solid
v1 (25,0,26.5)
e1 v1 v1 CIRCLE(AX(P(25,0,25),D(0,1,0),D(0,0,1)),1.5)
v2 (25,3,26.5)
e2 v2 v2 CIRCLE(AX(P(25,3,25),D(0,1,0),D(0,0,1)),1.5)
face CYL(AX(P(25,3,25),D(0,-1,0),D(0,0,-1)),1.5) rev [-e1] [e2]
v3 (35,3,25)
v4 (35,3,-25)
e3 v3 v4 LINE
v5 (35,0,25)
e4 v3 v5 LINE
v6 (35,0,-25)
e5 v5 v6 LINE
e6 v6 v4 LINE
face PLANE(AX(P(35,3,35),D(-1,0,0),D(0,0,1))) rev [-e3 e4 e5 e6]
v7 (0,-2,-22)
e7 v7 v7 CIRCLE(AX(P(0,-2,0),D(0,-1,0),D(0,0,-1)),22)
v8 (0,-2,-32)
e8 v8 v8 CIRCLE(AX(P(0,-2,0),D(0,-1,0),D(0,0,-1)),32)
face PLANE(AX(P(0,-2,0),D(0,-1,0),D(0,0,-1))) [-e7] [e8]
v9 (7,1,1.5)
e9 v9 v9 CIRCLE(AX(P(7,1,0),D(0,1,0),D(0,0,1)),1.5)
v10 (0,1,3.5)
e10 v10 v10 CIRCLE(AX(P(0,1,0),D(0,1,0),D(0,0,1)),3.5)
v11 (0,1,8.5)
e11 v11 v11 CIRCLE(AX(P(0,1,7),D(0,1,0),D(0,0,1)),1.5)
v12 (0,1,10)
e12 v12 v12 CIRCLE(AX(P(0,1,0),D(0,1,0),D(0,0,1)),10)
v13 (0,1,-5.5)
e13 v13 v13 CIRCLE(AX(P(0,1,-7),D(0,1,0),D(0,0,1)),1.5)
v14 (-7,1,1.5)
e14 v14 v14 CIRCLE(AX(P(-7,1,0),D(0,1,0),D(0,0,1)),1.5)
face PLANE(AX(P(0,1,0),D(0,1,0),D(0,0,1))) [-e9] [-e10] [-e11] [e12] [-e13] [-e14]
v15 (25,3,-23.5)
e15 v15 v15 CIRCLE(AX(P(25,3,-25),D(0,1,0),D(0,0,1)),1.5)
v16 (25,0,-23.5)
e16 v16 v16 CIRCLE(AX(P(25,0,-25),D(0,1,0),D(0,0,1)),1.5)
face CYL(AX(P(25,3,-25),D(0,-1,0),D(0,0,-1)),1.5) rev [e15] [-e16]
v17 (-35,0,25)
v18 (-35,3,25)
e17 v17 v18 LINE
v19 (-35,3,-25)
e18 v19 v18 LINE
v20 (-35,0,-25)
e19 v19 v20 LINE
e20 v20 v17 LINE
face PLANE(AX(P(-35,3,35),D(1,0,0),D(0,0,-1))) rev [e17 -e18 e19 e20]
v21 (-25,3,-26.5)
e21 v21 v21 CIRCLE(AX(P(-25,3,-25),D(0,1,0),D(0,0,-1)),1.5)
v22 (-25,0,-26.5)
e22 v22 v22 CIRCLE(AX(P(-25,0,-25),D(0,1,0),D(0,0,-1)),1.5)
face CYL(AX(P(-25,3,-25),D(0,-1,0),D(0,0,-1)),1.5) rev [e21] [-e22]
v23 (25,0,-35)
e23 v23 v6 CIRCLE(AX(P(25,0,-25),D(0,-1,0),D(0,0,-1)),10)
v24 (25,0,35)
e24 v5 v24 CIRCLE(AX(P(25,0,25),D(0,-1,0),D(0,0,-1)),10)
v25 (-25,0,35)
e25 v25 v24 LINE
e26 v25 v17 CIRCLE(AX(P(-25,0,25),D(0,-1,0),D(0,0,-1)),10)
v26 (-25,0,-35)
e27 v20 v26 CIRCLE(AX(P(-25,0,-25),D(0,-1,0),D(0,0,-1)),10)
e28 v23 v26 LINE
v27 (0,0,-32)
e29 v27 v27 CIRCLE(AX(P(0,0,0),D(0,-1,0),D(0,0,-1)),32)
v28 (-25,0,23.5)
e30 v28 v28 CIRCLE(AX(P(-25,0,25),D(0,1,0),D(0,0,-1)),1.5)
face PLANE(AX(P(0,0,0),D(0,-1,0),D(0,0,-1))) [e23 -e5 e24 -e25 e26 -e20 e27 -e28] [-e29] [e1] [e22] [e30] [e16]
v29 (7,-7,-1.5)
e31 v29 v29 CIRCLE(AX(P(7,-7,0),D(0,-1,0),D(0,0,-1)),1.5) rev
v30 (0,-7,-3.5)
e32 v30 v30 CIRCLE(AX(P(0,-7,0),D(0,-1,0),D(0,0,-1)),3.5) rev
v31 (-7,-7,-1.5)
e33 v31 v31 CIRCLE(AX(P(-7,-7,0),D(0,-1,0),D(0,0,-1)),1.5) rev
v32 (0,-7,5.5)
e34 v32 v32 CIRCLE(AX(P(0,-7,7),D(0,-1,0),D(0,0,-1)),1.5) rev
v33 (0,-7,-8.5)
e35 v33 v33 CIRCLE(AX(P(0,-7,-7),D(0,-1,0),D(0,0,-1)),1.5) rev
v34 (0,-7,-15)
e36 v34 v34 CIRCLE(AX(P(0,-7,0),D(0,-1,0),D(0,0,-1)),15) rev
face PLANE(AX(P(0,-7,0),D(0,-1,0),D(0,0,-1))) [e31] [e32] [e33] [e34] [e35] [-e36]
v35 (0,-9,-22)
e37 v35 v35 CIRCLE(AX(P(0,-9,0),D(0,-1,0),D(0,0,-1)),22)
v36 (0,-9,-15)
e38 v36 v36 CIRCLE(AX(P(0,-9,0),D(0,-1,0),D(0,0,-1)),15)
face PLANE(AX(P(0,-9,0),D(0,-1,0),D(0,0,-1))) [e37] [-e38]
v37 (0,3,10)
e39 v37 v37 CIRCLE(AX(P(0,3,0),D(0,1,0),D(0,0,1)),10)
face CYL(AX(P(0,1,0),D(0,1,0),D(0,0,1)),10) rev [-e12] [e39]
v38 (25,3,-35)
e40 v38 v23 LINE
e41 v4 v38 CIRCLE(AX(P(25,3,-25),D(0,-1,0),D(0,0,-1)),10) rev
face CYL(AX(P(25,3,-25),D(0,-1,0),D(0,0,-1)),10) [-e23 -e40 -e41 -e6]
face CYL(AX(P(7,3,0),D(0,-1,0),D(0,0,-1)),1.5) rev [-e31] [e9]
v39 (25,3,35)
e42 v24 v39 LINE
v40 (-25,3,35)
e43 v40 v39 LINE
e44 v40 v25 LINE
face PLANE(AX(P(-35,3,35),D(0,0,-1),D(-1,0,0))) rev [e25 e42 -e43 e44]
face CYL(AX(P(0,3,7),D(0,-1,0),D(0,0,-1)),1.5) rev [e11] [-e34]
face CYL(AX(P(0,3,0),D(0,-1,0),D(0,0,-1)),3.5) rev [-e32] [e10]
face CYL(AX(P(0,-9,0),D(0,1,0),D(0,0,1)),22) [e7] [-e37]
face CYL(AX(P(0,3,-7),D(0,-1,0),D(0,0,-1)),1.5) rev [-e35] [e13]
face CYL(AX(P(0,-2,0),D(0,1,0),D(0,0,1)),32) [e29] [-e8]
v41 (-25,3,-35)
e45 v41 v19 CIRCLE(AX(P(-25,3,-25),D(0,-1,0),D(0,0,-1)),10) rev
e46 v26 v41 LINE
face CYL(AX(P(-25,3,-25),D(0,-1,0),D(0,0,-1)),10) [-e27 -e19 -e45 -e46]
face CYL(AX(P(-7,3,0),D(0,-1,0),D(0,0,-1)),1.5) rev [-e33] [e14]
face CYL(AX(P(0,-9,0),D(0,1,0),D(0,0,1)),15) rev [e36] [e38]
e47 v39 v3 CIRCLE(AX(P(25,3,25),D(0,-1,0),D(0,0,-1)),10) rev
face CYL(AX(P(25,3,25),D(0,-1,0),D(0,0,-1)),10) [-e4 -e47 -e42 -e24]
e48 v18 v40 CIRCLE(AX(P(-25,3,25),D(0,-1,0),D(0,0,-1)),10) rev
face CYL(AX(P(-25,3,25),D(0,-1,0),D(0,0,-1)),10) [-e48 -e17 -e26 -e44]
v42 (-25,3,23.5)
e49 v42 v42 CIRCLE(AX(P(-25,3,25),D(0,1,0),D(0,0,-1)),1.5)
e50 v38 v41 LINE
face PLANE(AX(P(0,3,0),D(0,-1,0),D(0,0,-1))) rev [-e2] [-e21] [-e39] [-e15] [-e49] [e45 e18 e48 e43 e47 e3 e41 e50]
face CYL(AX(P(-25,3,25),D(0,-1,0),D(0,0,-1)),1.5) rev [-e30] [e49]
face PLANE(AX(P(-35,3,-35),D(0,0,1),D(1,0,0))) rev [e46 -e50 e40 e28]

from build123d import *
from build123d.topology import SkipClean

# Parameters (mm, degrees)
SKETCH_1_R          = 1.5000000000000002
SKETCH_1_R_2        = 1.5000000000000007
SKETCH_1_R_3        = 3.5000000000000036
SKETCH_1_R_4        = 1.5000000000000004
SKETCH_1_R_5        = 1.5000000000000009
EXTRUDE_1_DEPTH     = 3
EXTRUDE_START       = 7
SKETCH_2_R          = 15.00000000000001
SKETCH_2_R_2        = 1.5000000000000002
SKETCH_2_R_3        = 3.5000000000000036
SKETCH_2_R_4        = 1.5000000000000009
SKETCH_2_R_5        = 1.5000000000000007
EXTRUDE_2_DEPTH     = 7
EXTRUDE_START_2     = 9
SKETCH_6_R          = 22
SKETCH_6_R_2        = 15
EXTRUDE_3_DEPTH     = 9
SKETCH_8_R          = 32
SKETCH_8_R_2        = 12.000000000000002
EXTRUDE_5_DEPTH     = 2
FILLET_1_R          = 10
SKETCH_11_R         = 10
CUT_EXTRUDE_1_DEPTH = 2


with BuildPart() as part:
    # 草图1 → 凸台-拉伸1 (new body)
    with BuildSketch(Plane(origin=(0, 0, 0), x_dir=(1, 0, 0), z_dir=(0, 1, 0))):
        Polygon((-35.00000000000001, -35), (34.99999999999999, -35), (34.99999999999999, 34.99999999999999), (-35.00000000000001, 35), align=None)
        with Locations(Location((4.3e-16, 6.999999999999999, 0), (0, 0, 270))):
            Circle(SKETCH_1_R, mode=Mode.SUBTRACT)
        with Locations(Location((6.999999999999999, -4.3e-16, 0), (0, 0, 270))):
            Circle(SKETCH_1_R_2, mode=Mode.SUBTRACT)
        with Locations(Location((-4.21e-15, 2.73e-15, 0), (0, 0, 270))):
            Circle(SKETCH_1_R_3, mode=Mode.SUBTRACT)
        with Locations(Location((-9.8e-16, -6.999999999999999, 0), (0, 0, 90))):
            Circle(SKETCH_1_R_4, mode=Mode.SUBTRACT)
        with Locations(Location((-6.999999999999999, 1.89e-15, 0), (0, 0, 90))):
            Circle(SKETCH_1_R_2, mode=Mode.SUBTRACT)
        with Locations(Location((25, 25, 0), (0, 0, 270))):
            Circle(SKETCH_1_R_5, mode=Mode.SUBTRACT)
        with Locations(Location((-25, 25, 0), (0, 0, 90))):
            Circle(SKETCH_1_R_5, mode=Mode.SUBTRACT)
        with Locations(Location((25, -25, 0), (0, 0, 270))):
            Circle(SKETCH_1_R_5, mode=Mode.SUBTRACT)
        with Locations(Location((-25, -25, 0), (0, 0, 90))):
            Circle(SKETCH_1_R_5, mode=Mode.SUBTRACT)
    extrude(amount=EXTRUDE_1_DEPTH)

    # 草图2 → 凸台-拉伸2 (add)
    with SkipClean():  # the faces are left unmerged after this step: merging them gives an invalid solid
        with BuildSketch(Plane.XZ.offset(EXTRUDE_START)):
            with Locations(Location((-4.21e-15, -2.73e-15, 0), (0, 0, 270))):
                Circle(SKETCH_2_R)
            with Locations(Location((-9.8e-16, 6.999999999999999, 0), (0, 0, 270))):
                Circle(SKETCH_2_R_2, mode=Mode.SUBTRACT)
            with Locations(Location((-4.21e-15, -2.73e-15, 0), (0, 0, 270))):
                Circle(SKETCH_2_R_3, mode=Mode.SUBTRACT)
            with Locations(Location((-6.999999999999999, -1.89e-15, 0), (0, 0, 270))):
                Circle(SKETCH_2_R_4, mode=Mode.SUBTRACT)
            with Locations(Location((4.3e-16, -6.999999999999999, 0), (0, 0, 270))):
                Circle(SKETCH_2_R_2, mode=Mode.SUBTRACT)
            with Locations(Location((6.999999999999999, 4.3e-16, 0), (0, 0, 270))):
                Circle(SKETCH_2_R_5, mode=Mode.SUBTRACT)
        extrude(amount=-EXTRUDE_2_DEPTH)

    # 草图6 → 凸台-拉伸3 (add)
    with SkipClean():  # the faces are left unmerged after this step: merging them gives an invalid solid
        with BuildSketch(Plane.XZ.offset(EXTRUDE_START_2)):
            with Locations(Location((0, 0, 0), (0, 0, 270))):
                Circle(SKETCH_6_R)
            with Locations(Location((0, 0, 0), (0, 0, 270))):
                Circle(SKETCH_6_R_2, mode=Mode.SUBTRACT)
        extrude(amount=-EXTRUDE_3_DEPTH)

    # 草图8 → 凸台-拉伸5 (add)
    with SkipClean():  # the faces are left unmerged after this step: merging them gives an invalid solid
        with BuildSketch(Plane.XZ):
            with Locations(Location((0, 0, 0), (0, 0, 270))):
                Circle(SKETCH_8_R)
            Circle(SKETCH_8_R_2, mode=Mode.SUBTRACT)
        extrude(amount=EXTRUDE_5_DEPTH)

    # 圆角1
    fillet_1_edges = [part.edges().sort_by_distance(p)[0] for p in [
        (34.99999999999999, 1.5, 35),
        (-35.00000000000001, 1.5, 35),
        (-35.00000000000001, 1.5, -35),
        (34.99999999999999, 1.5, -34.99999999999999),
    ]]
    fillet(fillet_1_edges, radius=FILLET_1_R)

    # 草图11 → 切除-拉伸1 (cut)
    with BuildSketch(Plane(origin=(0, 3, 0), x_dir=(1, 0, 0), z_dir=(0, 1, 0))):
        with Locations(Location((0, 0, 0), (0, 0, 270))):
            Circle(SKETCH_11_R)
    extrude(amount=-CUT_EXTRUDE_1_DEPTH, mode=Mode.SUBTRACT)


solid = part.part
